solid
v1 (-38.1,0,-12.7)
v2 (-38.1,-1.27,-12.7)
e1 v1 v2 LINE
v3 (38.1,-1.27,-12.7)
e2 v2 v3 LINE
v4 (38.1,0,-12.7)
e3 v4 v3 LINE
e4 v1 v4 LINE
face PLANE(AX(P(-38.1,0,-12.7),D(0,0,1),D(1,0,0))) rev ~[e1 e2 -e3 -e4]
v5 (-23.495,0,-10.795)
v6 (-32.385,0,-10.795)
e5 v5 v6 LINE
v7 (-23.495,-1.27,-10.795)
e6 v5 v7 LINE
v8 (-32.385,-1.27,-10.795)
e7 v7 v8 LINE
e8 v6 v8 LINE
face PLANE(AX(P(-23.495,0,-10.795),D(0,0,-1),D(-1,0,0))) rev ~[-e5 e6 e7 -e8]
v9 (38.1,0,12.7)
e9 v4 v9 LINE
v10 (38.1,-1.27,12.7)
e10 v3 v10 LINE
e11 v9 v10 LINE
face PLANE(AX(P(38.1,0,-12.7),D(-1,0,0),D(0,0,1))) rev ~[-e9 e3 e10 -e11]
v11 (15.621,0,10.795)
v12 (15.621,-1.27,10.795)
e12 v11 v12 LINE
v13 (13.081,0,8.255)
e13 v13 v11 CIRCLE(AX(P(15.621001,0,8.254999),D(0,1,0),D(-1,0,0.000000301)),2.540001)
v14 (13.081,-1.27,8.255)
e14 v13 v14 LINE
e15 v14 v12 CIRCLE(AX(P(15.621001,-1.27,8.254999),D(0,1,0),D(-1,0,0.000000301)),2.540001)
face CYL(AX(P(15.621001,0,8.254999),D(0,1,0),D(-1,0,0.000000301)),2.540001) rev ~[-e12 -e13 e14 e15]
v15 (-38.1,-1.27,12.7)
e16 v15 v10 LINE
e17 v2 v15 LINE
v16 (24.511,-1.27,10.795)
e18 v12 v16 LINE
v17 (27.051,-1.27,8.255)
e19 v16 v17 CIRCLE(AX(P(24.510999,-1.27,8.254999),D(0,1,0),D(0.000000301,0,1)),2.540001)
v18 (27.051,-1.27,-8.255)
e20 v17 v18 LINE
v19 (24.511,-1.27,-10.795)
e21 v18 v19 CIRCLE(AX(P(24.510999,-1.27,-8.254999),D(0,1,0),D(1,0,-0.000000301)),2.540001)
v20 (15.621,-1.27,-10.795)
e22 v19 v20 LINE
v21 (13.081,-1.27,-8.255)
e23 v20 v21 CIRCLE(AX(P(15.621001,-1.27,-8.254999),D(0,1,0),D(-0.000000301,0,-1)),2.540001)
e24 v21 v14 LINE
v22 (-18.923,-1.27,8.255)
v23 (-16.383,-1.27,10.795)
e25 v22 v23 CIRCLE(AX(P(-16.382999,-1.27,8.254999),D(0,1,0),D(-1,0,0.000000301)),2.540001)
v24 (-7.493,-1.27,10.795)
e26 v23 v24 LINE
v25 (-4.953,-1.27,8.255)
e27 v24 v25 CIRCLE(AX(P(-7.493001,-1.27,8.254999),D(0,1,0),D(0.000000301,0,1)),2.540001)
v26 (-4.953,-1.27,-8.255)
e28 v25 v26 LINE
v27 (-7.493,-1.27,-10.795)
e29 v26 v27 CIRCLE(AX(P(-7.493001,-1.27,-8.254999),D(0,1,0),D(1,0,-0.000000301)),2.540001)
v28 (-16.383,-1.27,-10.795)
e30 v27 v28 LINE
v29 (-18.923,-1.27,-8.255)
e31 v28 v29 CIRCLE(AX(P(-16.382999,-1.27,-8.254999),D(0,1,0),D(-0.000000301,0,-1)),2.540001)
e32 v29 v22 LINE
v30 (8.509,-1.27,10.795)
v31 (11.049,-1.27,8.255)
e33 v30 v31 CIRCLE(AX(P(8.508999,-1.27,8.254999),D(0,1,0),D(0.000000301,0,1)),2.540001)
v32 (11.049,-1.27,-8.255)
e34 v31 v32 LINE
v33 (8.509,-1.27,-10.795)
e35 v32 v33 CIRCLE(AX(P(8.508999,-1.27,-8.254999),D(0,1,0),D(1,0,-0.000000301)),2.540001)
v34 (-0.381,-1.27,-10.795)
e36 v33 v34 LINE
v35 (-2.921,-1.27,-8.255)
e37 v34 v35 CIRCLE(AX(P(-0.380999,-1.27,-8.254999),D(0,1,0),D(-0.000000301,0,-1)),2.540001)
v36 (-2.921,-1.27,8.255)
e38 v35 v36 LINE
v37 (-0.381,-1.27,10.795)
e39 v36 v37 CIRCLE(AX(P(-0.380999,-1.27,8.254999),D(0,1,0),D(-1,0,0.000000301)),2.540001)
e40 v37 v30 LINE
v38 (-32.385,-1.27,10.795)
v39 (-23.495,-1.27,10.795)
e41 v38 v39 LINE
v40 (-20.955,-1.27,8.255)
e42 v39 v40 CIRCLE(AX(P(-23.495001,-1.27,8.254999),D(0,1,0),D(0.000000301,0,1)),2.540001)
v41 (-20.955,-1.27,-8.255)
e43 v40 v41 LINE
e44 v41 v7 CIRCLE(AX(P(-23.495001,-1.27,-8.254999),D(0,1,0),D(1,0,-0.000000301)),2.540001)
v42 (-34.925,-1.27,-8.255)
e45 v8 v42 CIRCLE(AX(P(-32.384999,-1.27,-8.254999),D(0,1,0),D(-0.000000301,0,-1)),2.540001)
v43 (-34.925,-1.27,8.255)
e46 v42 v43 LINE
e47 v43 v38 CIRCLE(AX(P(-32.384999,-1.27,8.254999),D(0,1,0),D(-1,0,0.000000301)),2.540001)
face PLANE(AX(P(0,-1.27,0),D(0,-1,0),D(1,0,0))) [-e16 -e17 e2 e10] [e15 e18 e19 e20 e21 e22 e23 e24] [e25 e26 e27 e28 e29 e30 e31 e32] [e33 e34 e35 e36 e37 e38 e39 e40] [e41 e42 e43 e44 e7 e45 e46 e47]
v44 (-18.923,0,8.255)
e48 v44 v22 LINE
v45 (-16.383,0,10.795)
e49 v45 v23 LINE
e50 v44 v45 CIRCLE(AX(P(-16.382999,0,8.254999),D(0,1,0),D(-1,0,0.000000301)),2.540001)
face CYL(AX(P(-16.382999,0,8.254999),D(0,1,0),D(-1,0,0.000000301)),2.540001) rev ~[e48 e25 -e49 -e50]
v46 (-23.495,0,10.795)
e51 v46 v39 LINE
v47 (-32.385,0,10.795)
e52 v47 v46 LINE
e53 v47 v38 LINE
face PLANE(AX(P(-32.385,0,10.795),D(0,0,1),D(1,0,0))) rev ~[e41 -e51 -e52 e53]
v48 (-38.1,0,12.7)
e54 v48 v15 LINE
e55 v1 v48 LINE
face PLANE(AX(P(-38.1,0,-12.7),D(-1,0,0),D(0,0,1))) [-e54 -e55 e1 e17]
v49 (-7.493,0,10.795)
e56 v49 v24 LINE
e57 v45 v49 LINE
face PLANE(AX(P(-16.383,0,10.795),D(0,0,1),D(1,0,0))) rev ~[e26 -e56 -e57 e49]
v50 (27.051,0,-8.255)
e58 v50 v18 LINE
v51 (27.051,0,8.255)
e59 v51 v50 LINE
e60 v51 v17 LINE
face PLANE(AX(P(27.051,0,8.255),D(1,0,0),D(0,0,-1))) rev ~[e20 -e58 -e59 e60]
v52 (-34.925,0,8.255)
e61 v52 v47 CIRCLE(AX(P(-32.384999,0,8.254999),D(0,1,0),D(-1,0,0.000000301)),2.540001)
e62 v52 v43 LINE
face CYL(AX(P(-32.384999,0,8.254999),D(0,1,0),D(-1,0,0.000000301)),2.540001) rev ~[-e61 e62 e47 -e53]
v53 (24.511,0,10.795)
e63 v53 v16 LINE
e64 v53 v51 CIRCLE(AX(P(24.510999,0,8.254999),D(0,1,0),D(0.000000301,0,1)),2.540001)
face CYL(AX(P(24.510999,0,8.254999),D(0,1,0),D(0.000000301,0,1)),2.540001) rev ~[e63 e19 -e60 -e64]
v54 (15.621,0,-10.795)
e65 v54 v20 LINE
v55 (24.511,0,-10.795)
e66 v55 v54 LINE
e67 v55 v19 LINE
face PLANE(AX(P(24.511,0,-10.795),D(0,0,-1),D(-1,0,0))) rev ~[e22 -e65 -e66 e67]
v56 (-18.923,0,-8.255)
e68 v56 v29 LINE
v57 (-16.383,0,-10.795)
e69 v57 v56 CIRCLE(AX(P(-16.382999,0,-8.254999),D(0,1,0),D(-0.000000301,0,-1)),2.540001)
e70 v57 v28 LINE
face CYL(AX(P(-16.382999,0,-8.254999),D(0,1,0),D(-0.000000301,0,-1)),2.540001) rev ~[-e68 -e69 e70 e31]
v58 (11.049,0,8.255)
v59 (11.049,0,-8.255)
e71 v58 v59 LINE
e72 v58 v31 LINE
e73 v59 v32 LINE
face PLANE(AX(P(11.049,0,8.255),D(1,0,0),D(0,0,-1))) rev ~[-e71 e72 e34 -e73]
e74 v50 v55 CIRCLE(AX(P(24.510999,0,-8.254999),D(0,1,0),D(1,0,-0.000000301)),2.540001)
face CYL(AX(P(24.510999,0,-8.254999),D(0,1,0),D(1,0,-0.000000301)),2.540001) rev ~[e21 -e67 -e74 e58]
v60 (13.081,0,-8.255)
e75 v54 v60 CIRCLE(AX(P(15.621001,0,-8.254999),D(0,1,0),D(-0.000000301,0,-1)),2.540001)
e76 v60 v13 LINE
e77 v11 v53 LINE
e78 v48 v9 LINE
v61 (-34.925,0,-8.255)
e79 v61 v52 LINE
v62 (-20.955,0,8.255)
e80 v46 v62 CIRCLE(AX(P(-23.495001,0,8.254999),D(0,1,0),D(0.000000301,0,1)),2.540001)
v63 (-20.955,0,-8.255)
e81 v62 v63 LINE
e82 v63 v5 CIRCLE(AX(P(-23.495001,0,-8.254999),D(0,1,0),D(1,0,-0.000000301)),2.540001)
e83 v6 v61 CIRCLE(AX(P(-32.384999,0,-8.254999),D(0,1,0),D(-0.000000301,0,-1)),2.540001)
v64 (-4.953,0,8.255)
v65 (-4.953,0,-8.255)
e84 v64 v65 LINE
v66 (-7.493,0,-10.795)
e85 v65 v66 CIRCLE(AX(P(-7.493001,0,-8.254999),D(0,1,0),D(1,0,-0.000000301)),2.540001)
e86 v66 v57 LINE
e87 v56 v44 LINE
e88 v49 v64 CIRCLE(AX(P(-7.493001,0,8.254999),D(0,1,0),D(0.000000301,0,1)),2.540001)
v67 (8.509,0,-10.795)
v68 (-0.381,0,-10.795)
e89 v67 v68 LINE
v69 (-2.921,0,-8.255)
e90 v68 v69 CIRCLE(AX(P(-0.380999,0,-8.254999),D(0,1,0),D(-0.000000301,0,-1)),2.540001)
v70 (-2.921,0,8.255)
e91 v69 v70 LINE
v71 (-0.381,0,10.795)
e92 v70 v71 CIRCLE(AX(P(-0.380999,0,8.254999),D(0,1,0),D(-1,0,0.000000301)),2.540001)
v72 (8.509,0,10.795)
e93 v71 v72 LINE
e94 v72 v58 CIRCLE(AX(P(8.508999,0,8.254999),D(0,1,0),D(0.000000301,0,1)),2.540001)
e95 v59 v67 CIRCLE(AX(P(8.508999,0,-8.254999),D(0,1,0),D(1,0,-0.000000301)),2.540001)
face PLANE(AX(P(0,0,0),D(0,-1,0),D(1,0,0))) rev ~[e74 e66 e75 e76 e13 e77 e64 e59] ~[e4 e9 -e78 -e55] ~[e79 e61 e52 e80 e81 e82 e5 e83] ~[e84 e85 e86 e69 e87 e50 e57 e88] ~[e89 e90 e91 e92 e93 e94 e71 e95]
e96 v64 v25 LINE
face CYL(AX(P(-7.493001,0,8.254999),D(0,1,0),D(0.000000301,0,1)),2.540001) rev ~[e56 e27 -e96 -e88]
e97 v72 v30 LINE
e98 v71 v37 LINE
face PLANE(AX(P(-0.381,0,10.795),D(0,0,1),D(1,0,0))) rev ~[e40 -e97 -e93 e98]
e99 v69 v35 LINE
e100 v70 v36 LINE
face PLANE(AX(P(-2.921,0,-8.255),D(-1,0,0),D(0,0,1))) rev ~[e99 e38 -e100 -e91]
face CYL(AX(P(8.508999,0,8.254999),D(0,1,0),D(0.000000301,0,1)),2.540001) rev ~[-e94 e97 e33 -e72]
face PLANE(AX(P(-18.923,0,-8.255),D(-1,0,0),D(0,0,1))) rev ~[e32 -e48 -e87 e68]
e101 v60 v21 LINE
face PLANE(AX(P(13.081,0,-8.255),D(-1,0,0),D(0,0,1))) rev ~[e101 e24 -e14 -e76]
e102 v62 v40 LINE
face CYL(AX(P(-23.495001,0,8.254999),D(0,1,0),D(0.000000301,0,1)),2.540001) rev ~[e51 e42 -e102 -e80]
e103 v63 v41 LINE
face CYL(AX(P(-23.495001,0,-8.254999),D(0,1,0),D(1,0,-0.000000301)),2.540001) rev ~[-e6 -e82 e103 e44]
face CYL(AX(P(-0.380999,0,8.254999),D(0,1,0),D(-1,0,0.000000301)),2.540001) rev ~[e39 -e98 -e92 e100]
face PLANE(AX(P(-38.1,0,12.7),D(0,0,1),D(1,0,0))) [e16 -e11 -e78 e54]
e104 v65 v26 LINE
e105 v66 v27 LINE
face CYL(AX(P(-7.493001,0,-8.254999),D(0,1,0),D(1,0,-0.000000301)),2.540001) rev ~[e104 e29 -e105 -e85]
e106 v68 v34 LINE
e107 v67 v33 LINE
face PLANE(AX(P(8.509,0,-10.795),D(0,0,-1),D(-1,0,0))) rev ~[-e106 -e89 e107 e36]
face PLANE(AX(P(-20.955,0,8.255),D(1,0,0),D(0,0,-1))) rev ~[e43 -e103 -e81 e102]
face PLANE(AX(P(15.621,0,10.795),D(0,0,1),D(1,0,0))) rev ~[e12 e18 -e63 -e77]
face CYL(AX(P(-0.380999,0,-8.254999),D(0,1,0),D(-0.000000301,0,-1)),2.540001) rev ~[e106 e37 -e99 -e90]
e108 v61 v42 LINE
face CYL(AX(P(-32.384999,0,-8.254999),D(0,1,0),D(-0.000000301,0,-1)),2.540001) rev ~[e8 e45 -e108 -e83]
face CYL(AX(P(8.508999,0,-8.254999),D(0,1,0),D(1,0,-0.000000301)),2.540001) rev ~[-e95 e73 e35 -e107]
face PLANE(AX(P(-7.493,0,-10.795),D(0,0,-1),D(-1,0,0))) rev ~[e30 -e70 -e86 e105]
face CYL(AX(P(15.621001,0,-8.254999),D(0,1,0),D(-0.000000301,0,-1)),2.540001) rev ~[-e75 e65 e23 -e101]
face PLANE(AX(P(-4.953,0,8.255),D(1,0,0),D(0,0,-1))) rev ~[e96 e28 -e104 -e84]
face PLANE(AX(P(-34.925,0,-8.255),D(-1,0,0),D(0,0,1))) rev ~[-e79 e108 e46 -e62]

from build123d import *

# Parameters (mm, degrees)
F0_W     = 76.2
F0_H     = 25.4
F1_DEPTH = 1.27


with BuildPart() as f1:
    # F0 (on Front) → F1 (new body)
    with BuildSketch(Plane.XZ):
        Rectangle(F0_W, F0_H)
        with BuildLine():
            ThreePointArc((-34.925, 8.255), (-34.181051, 10.051051), (-32.385, 10.795))
            Line((-32.385, 10.795), (-23.495, 10.795))
            ThreePointArc((-23.495, 10.795), (-21.698949, 10.051051), (-20.955, 8.255))
            Line((-20.955, 8.255), (-20.955, -8.255))
            ThreePointArc((-20.955, -8.255), (-21.698949, -10.051051), (-23.495, -10.795))
            Line((-23.495, -10.795), (-32.385, -10.795))
            ThreePointArc((-32.385, -10.795), (-34.181051, -10.051051), (-34.925, -8.255))
            Line((-34.925, -8.255), (-34.925, 8.255))
        make_face(mode=Mode.SUBTRACT)
        with BuildLine():
            ThreePointArc((-18.923, 8.255), (-18.179051, 10.051051), (-16.383, 10.795))
            Line((-16.383, 10.795), (-7.493, 10.795))
            ThreePointArc((-7.493, 10.795), (-5.696949, 10.051051), (-4.953, 8.255))
            Line((-4.953, 8.255), (-4.953, -8.255))
            ThreePointArc((-4.953, -8.255), (-5.696949, -10.051051), (-7.493, -10.795))
            Line((-7.493, -10.795), (-16.383, -10.795))
            ThreePointArc((-16.383, -10.795), (-18.179051, -10.051051), (-18.923, -8.255))
            Line((-18.923, -8.255), (-18.923, 8.255))
        make_face(mode=Mode.SUBTRACT)
        with BuildLine():
            ThreePointArc((-2.921, 8.255), (-2.177051, 10.051051), (-0.381, 10.795))
            Line((-0.381, 10.795), (8.509, 10.795))
            ThreePointArc((8.509, 10.795), (10.305051, 10.051051), (11.049, 8.255))
            Line((11.049, 8.255), (11.049, -8.255))
            ThreePointArc((11.049, -8.255), (10.305051, -10.051051), (8.509, -10.795))
            Line((8.509, -10.795), (-0.381, -10.795))
            ThreePointArc((-0.381, -10.795), (-2.177051, -10.051051), (-2.921, -8.255))
            Line((-2.921, -8.255), (-2.921, 8.255))
        make_face(mode=Mode.SUBTRACT)
        with BuildLine():
            ThreePointArc((13.081, 8.255), (13.824949, 10.051051), (15.621, 10.795))
            Line((15.621, 10.795), (24.511, 10.795))
            ThreePointArc((24.511, 10.795), (26.307051, 10.051051), (27.051, 8.255))
            Line((27.051, 8.255), (27.051, -8.255))
            ThreePointArc((27.051, -8.255), (26.307051, -10.051051), (24.511, -10.795))
            Line((24.511, -10.795), (15.621, -10.795))
            ThreePointArc((15.621, -10.795), (13.824949, -10.051051), (13.081, -8.255))
            Line((13.081, -8.255), (13.081, 8.255))
        make_face(mode=Mode.SUBTRACT)
    extrude(amount=F1_DEPTH)


solid = f1.part
